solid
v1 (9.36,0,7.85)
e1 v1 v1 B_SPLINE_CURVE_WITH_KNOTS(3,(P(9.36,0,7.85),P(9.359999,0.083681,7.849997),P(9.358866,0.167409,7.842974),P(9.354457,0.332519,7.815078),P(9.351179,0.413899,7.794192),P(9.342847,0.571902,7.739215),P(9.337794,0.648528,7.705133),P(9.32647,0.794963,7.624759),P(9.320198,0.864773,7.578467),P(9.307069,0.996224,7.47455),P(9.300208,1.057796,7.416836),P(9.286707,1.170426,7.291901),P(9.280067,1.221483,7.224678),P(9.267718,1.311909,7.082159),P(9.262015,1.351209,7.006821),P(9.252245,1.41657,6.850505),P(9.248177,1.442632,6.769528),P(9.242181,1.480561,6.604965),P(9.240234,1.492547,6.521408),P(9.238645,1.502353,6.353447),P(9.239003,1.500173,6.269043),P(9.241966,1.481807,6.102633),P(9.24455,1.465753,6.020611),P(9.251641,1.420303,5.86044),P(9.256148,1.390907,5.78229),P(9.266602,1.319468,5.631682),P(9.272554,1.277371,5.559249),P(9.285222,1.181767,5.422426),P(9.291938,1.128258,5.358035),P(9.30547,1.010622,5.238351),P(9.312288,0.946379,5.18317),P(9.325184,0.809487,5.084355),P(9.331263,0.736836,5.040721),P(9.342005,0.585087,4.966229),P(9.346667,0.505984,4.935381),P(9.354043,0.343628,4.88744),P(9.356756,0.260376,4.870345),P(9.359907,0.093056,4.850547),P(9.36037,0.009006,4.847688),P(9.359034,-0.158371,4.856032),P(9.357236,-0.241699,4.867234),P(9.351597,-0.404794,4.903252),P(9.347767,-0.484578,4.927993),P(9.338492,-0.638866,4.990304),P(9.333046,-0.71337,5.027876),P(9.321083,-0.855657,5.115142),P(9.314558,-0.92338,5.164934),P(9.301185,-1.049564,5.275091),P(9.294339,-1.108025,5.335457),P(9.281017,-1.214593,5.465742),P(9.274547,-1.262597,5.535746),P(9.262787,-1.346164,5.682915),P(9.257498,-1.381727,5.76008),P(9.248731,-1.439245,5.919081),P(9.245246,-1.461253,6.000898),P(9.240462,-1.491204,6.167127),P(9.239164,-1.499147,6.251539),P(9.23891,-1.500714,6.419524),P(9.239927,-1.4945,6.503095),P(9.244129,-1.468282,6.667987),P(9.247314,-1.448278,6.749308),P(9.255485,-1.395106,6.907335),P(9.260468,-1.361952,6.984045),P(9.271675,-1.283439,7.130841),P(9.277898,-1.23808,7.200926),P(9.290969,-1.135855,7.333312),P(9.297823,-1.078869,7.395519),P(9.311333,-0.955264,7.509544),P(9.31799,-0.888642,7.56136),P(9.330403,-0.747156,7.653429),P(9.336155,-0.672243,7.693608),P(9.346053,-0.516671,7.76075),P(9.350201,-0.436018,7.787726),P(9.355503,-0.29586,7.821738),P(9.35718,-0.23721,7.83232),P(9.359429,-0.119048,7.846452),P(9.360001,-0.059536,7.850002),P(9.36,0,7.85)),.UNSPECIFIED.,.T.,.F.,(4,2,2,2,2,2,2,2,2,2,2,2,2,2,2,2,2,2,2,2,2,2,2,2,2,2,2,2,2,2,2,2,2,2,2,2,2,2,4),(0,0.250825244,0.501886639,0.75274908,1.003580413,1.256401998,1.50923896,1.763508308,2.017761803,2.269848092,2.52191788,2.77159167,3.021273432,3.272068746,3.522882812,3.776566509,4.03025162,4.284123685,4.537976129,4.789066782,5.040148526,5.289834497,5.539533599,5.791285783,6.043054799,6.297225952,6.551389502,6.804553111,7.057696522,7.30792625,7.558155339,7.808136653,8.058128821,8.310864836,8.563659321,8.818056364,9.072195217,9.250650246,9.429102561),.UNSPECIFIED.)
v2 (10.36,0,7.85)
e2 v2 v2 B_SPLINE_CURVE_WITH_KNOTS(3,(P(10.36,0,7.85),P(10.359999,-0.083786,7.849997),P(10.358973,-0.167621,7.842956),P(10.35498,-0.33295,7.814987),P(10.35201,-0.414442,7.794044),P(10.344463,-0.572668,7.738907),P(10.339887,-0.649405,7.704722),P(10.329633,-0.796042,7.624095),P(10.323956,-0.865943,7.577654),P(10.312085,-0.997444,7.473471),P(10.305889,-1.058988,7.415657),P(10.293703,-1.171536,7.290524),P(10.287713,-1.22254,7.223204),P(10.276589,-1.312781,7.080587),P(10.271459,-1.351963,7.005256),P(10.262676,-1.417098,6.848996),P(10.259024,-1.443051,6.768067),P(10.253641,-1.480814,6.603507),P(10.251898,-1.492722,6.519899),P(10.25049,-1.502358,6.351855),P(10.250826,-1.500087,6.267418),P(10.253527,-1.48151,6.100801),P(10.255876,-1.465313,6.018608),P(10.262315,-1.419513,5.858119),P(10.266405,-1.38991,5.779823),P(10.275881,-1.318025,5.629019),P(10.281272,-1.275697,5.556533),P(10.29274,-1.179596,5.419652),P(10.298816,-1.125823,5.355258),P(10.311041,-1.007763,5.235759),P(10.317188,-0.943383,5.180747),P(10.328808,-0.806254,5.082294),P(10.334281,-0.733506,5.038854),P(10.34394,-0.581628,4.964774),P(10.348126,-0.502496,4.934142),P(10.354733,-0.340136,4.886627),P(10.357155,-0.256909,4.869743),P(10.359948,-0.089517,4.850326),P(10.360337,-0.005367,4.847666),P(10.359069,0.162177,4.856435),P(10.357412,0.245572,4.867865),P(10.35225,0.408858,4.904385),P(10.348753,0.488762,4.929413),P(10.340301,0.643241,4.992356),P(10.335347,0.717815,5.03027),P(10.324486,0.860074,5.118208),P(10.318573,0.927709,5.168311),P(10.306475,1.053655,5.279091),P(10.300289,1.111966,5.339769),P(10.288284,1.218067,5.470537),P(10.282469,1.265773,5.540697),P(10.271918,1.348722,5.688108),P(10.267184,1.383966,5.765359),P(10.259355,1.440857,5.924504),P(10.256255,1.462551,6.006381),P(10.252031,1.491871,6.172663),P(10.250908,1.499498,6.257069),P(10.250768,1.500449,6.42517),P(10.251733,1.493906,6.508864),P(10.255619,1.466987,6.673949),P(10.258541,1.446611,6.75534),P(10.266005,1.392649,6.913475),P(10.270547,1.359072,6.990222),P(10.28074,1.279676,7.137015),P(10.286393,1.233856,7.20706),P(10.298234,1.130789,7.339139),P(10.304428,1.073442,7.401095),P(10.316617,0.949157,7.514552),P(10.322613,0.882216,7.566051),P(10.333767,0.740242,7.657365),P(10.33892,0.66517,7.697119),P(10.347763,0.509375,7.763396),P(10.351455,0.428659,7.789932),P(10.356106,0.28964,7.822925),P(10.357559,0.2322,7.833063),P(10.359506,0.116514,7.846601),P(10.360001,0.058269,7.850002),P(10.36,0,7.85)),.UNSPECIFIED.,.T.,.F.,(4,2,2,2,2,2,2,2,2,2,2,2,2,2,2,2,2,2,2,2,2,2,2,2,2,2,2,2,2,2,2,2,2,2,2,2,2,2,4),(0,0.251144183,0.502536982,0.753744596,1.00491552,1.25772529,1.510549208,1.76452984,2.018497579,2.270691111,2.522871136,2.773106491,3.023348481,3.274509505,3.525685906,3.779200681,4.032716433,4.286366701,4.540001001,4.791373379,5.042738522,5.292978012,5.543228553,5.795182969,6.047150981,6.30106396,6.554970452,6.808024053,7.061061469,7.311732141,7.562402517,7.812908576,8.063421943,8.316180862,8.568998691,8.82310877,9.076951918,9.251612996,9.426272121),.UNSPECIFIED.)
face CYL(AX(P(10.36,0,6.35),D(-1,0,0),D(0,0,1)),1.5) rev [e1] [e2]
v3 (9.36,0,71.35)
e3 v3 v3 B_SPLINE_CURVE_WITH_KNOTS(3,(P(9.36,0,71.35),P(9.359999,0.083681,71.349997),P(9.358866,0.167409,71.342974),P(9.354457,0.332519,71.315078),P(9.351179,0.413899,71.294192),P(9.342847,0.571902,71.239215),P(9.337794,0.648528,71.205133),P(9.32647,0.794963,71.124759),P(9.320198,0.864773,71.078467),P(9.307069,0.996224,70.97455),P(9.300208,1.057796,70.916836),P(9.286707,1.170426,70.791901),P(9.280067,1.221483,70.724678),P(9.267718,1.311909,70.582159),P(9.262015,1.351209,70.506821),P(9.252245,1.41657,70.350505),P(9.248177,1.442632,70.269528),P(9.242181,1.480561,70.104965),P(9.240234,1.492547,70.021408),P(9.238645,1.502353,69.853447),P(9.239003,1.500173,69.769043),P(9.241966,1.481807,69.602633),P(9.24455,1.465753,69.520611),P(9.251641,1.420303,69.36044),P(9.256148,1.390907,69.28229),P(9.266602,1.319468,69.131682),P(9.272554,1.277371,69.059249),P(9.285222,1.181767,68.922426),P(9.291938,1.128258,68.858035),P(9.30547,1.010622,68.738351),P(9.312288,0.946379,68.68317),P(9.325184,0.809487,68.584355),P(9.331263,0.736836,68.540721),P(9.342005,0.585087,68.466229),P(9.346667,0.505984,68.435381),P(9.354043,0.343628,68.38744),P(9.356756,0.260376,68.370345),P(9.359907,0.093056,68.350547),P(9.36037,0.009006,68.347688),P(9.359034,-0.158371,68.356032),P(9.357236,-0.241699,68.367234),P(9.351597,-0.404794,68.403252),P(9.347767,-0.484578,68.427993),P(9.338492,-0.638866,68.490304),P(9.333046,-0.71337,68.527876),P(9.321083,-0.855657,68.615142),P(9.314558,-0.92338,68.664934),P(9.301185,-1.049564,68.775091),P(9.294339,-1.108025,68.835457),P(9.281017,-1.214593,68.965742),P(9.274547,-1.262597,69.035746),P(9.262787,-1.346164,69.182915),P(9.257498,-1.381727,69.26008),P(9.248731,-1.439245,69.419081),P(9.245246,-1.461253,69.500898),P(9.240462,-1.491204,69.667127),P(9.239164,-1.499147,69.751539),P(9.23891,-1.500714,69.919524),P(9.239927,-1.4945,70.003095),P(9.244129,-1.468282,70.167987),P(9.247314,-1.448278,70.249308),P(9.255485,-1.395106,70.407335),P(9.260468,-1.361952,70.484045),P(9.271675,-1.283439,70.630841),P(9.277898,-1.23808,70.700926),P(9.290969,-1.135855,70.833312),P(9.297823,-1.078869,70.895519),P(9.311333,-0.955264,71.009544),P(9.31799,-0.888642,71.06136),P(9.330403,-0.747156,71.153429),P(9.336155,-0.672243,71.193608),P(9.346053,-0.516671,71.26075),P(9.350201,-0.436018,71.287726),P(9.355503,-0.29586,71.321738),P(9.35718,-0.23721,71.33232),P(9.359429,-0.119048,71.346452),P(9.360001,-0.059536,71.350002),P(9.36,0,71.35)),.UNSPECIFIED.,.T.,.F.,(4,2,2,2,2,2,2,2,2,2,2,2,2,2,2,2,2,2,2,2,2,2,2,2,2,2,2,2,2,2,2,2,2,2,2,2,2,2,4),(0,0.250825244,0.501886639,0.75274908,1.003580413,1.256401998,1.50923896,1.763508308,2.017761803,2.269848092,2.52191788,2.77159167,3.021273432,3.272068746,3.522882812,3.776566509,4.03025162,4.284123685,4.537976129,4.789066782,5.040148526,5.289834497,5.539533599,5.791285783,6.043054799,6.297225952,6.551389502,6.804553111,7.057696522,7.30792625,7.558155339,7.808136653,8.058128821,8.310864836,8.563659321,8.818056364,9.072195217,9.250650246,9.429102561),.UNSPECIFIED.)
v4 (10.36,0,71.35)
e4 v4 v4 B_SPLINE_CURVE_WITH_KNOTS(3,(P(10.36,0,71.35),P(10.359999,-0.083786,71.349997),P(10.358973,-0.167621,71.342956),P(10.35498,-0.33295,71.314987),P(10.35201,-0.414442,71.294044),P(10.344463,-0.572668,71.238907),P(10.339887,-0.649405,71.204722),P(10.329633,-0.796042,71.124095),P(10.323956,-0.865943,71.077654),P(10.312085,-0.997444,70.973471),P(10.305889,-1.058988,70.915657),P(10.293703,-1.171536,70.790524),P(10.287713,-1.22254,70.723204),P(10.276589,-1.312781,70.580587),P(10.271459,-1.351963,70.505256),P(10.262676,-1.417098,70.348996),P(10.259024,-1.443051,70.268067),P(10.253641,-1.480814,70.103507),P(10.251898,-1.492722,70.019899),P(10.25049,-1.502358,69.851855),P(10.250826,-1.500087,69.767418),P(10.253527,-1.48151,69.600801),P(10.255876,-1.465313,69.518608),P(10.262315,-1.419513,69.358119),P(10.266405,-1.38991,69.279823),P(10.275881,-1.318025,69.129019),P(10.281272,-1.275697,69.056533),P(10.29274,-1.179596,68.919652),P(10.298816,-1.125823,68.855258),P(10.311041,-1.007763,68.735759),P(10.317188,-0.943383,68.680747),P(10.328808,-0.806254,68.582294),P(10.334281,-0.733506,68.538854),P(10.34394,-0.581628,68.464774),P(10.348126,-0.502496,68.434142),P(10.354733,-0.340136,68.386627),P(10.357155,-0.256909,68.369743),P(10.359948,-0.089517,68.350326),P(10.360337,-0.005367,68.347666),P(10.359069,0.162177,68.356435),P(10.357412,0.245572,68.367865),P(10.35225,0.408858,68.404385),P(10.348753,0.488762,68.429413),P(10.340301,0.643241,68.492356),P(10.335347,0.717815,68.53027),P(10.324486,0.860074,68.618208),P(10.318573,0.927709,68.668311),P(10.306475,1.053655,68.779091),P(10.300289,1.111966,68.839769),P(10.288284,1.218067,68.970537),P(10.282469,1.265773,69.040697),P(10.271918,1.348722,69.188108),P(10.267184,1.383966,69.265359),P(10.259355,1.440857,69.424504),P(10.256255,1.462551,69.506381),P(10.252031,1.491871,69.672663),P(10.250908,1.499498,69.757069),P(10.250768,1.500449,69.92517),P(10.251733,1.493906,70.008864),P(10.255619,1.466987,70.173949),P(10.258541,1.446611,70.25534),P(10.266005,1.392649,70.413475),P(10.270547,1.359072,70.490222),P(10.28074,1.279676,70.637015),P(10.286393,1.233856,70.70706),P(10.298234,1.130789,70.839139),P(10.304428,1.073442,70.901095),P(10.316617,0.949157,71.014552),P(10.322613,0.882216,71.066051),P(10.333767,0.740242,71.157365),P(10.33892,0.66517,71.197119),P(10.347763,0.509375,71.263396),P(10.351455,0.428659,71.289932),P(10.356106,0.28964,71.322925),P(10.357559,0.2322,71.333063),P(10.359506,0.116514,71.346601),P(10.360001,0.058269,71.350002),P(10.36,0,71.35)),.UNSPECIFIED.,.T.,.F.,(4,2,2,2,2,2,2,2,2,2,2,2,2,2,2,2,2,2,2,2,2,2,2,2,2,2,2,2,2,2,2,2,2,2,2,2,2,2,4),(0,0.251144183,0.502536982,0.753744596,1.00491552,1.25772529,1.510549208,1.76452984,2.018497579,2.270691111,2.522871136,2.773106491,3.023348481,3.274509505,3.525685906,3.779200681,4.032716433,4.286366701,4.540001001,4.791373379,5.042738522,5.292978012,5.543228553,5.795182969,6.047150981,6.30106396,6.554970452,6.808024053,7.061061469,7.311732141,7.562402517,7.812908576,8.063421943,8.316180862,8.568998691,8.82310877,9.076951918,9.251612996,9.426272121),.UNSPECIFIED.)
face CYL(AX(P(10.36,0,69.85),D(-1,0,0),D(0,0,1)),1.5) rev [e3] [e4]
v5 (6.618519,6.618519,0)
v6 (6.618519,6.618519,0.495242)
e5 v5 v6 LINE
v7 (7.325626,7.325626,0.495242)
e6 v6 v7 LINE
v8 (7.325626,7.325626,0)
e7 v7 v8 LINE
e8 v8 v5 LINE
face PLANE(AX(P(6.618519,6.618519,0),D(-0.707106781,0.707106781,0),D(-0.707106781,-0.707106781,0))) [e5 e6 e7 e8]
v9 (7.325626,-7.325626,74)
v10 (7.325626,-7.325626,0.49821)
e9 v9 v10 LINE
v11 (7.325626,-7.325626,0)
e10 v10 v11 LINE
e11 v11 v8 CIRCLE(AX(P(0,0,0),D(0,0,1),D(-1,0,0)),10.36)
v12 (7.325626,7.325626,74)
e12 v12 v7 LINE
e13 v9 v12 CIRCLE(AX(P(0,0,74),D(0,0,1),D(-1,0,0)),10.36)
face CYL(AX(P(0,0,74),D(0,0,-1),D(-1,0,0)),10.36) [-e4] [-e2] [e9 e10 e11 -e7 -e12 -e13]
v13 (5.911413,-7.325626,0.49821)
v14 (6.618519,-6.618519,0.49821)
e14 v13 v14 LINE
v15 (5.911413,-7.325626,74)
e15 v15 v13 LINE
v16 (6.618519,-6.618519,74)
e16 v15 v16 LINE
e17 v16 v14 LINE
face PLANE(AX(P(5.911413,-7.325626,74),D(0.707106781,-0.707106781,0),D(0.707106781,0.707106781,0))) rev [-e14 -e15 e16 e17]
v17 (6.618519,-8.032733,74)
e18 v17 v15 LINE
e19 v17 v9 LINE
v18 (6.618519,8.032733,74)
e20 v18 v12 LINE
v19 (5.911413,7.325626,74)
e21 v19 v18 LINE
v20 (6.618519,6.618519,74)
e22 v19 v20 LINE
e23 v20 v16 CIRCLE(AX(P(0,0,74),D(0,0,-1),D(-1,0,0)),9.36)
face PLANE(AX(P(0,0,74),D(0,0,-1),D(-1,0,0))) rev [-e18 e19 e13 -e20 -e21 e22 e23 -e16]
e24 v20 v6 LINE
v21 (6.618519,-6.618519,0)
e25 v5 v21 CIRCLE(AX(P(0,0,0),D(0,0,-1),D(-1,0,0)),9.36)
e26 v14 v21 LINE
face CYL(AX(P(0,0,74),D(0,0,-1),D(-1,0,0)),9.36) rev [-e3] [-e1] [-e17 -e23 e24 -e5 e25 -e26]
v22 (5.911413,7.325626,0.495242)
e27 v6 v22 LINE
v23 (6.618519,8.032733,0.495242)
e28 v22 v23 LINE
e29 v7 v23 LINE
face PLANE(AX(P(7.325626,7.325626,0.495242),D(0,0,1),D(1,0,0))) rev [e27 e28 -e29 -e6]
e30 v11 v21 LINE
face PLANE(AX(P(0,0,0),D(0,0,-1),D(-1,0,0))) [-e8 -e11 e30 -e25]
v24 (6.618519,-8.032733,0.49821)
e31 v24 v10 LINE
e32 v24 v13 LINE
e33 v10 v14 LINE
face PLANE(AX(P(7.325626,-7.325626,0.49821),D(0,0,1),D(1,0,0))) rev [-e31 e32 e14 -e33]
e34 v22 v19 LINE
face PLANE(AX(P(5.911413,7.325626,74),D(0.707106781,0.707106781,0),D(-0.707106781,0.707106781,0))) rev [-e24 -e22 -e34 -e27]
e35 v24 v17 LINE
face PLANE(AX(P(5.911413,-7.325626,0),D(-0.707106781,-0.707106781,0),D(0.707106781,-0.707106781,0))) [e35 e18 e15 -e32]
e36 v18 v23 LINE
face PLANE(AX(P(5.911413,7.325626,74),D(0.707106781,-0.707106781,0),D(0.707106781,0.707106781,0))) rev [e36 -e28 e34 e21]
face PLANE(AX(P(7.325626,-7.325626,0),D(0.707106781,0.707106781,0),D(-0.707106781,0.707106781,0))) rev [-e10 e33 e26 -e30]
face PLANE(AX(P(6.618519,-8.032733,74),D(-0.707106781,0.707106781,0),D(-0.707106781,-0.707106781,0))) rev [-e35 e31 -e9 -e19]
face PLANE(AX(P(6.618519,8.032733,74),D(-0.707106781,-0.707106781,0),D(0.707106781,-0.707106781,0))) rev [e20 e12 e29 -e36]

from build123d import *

# Parameters (mm, degrees)
EXTRUDE1_DEPTH     = 74
SKETCH8_R          = 1.5
CUT_EXTRUDE4_DEPTH = 76.079920085
SKETCH9_W          = 74
SKETCH9_H          = 1
EXTRUDE2_DEPTH     = 1
SKETCH10_W         = 1
SKETCH10_H         = 74
EXTRUDE3_DEPTH     = 1
SKETCH12_W         = 0.495242112
SKETCH12_H         = 1
CUT_EXTRUDE5_DEPTH = 1
SKETCH13_W         = 1
SKETCH13_H         = 0.498210359
CUT_EXTRUDE6_DEPTH = 1


with BuildPart() as part:
    # Sketch1 → Extrude1 (new body)
    with BuildSketch(Plane.XY):
        with BuildLine():
            Line((6.618519472, 6.618519472), (7.325626253, 7.325626253))
            ThreePointArc((7.325626253, 7.325626253), (10.36, 0), (7.325626253, -7.325626253))
            Line((7.325626253, -7.325626253), (6.618519472, -6.618519472))
            ThreePointArc((6.618519472, -6.618519472), (9.36, 0), (6.618519472, 6.618519472))
        make_face()
    extrude(amount=EXTRUDE1_DEPTH)

    # Sketch8 → Cut-Extrude4 (cut, through all)
    with BuildSketch(Plane(origin=(0, 0, 0), x_dir=(0, 0, -1), z_dir=(1, 0, 0))):
        with Locations(Location((-6.35, 0, 0), (0, 0, 180))):
            Circle(SKETCH8_R)
        with Locations(Location((-69.85, 0, 0), (0, 0, 180))):
            Circle(SKETCH8_R)
    extrude(amount=CUT_EXTRUDE4_DEPTH, mode=Mode.SUBTRACT)

    # Sketch9 → Extrude2 (add)
    with BuildSketch(Plane(origin=(0, 0, 0), x_dir=(0, 0, 1), z_dir=(-0.7071067811865479, 0.7071067811865472, 0))):
        with Locations((37, 9.86)):
            Rectangle(SKETCH9_W, SKETCH9_H)
    extrude(amount=EXTRUDE2_DEPTH)

    # Sketch10 → Extrude3 (add)
    with BuildSketch(Plane(origin=(0, 0, 0), x_dir=(0.7071067811865475, -0.7071067811865477, 0), z_dir=(-0.7071067811865477, -0.7071067811865475, 0))):
        with Locations((9.86, 37)):
            Rectangle(SKETCH10_W, SKETCH10_H)
    extrude(amount=EXTRUDE3_DEPTH)

    # Sketch12 → Cut-Extrude5 (cut)
    with BuildSketch(Plane(origin=(-0.7071067811865468, 0.7071067811865459, 0), x_dir=(0, 0, 1), z_dir=(-0.7071067811865479, 0.7071067811865472, 0))):
        with Locations((0.247621056, 9.86)):
            Rectangle(SKETCH12_W, SKETCH12_H)
    extrude(amount=-CUT_EXTRUDE5_DEPTH, mode=Mode.SUBTRACT)

    # Sketch13 → Cut-Extrude6 (cut)
    with BuildSketch(Plane(origin=(6.618519472, -6.618519472, 0), x_dir=(-0.7071067811865476, -0.7071067811865476, 0), z_dir=(-0.7071067811865476, 0.7071067811865476, 0))):
        with Locations((0.5, 0.24910518)):
            Rectangle(SKETCH13_W, SKETCH13_H)
    extrude(amount=-CUT_EXTRUDE6_DEPTH, mode=Mode.SUBTRACT)


solid = part.part
